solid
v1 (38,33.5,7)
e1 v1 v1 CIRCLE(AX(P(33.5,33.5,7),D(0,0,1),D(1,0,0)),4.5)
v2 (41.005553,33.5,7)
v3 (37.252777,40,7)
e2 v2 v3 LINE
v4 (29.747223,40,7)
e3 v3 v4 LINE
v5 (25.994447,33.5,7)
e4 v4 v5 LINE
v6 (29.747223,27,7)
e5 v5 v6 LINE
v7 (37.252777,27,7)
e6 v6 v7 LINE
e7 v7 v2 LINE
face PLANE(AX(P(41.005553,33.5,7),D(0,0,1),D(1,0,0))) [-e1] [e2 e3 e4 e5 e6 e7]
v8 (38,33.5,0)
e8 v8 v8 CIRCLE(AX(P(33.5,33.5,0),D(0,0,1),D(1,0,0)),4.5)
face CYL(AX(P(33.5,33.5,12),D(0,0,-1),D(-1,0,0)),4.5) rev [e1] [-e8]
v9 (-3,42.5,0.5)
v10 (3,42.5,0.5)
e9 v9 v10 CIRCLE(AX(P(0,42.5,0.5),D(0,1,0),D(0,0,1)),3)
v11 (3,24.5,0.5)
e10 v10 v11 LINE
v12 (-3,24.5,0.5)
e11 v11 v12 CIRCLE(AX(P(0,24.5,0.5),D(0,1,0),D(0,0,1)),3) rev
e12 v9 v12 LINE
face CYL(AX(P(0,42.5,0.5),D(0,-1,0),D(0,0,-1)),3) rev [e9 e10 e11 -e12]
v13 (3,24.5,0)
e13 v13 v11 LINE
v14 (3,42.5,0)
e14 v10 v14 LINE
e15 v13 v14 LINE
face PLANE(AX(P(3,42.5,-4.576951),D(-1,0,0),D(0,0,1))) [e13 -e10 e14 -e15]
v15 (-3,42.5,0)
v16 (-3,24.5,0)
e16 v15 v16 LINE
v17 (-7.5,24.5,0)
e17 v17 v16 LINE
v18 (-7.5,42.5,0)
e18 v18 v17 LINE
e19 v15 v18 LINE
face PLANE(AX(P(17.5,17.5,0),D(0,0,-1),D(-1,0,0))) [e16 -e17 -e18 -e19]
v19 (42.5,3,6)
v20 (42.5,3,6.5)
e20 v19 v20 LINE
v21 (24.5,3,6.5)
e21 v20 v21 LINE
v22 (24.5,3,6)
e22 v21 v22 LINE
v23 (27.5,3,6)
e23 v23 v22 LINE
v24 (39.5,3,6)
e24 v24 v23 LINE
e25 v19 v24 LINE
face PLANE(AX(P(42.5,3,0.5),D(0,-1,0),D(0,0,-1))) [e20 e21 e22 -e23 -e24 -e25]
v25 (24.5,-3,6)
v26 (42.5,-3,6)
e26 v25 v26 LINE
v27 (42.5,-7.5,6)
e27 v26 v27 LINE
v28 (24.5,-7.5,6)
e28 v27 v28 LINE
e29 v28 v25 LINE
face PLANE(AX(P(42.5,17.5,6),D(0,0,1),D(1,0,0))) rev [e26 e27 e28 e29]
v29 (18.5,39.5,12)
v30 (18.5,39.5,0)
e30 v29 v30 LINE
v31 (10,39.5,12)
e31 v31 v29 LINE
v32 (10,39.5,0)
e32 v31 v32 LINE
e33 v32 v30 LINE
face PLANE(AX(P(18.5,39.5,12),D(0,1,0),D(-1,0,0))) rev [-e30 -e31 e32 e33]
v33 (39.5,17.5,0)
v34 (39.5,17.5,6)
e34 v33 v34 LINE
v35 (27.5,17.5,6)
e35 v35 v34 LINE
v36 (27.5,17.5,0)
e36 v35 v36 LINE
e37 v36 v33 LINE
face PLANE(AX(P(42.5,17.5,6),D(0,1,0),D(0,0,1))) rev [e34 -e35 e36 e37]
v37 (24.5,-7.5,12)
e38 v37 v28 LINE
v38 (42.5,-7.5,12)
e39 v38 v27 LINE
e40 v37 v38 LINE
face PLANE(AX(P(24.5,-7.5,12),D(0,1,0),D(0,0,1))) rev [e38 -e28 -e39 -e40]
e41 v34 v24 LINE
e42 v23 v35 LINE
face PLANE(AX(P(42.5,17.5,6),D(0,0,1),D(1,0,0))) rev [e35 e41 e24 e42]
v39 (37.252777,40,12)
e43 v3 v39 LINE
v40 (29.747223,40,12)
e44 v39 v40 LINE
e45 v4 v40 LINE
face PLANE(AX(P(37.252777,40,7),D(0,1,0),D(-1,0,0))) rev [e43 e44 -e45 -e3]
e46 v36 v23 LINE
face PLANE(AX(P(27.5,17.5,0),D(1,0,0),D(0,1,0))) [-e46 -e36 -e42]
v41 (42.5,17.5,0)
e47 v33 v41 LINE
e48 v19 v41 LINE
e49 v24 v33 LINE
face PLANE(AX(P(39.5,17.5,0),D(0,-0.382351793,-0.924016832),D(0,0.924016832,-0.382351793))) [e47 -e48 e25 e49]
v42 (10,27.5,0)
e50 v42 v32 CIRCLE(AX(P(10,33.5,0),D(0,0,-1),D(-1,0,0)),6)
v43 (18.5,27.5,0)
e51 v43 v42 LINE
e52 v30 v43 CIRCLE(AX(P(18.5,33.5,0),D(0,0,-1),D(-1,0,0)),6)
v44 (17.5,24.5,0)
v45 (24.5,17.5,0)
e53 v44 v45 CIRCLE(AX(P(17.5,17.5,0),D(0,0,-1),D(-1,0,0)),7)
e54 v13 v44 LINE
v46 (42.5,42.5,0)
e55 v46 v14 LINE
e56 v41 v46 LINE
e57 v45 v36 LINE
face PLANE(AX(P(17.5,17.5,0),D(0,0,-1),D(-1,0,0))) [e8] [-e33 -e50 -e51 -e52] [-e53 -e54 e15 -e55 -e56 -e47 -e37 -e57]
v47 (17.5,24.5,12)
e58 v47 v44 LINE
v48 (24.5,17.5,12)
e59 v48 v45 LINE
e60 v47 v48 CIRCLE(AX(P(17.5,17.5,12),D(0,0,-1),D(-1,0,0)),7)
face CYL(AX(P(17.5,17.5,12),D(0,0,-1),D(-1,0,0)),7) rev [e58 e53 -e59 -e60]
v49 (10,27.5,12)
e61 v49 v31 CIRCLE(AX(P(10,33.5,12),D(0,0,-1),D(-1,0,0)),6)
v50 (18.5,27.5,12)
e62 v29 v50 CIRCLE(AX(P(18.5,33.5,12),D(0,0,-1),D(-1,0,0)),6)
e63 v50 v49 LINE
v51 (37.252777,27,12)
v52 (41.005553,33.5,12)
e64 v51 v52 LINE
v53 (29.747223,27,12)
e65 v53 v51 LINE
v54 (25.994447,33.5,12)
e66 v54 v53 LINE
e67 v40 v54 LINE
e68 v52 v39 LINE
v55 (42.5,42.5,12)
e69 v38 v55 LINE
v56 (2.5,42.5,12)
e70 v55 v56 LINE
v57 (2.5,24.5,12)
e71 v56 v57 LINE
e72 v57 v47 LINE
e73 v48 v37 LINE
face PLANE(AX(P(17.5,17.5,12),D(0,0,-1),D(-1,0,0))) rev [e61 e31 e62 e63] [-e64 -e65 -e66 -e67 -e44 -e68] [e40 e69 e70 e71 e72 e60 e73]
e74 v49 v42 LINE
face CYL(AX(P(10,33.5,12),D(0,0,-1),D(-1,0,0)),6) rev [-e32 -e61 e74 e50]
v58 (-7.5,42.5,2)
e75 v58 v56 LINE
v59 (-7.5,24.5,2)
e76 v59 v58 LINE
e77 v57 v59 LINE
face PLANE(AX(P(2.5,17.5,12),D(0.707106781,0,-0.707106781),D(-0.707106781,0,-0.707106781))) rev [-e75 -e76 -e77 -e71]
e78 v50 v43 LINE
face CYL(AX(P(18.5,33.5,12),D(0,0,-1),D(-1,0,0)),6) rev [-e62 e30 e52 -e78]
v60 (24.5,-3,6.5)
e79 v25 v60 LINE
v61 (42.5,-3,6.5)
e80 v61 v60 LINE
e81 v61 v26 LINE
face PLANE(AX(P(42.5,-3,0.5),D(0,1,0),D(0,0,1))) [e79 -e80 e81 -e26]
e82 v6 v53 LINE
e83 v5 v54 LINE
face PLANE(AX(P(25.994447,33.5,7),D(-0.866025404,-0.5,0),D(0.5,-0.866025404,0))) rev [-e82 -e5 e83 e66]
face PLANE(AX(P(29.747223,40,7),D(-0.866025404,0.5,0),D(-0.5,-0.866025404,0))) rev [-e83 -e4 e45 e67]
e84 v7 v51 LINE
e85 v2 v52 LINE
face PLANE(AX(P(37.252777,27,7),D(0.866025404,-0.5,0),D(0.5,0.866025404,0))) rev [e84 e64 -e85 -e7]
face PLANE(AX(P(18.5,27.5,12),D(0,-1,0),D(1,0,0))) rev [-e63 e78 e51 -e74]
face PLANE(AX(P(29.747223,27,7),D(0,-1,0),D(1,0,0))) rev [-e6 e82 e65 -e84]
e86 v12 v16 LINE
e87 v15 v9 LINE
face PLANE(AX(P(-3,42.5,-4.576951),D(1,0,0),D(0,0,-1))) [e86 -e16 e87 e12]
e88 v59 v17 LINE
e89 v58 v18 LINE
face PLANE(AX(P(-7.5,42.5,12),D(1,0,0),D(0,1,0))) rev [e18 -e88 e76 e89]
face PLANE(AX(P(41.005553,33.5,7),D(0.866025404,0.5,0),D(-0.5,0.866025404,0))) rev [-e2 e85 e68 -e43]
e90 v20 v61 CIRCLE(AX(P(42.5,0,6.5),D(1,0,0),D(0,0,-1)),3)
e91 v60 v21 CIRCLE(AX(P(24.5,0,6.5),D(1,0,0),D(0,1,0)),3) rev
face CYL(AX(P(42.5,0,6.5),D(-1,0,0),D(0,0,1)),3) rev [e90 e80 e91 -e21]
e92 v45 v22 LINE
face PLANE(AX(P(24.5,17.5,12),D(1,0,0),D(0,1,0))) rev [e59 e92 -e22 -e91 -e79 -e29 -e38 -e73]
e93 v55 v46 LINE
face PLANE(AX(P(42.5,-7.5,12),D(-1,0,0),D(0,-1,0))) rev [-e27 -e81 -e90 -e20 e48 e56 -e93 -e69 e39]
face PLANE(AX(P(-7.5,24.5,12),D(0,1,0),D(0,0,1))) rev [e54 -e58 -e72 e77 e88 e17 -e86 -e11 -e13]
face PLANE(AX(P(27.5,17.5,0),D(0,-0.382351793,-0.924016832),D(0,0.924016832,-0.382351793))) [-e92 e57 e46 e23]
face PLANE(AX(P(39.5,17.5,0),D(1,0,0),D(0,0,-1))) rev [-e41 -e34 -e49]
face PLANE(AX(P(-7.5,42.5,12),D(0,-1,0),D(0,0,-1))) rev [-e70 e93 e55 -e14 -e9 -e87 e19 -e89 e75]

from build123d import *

# Parameters (mm, degrees)
SKIZZE2_R                       = 4.5
AUFSATZ_LINEAR_AUSTRAGEN1_DEPTH = 12
SCHNITT_LINEAR_AUSTRAGEN6_DEPTH = 5
SCHNITT_LINEAR_AUSTRAGEN1_DEPTH = 62.290292869
SCHNITT_LINEAR_AUSTRAGEN5_DEPTH = 62.290292869
SKIZZE6_W                       = 18
SKIZZE6_H                       = 25
SCHNITT_LINEAR_AUSTRAGEN7_DEPTH = 6
AUFSATZ_LINEAR_AUSTRAGEN2_DEPTH = 3
AUFSATZ_LINEAR_AUSTRAGEN3_DEPTH = 3
SCHNITT_LINEAR_AUSTRAGEN8_DEPTH = 62.290292869
FASE1_SIZE                      = 10


with BuildPart() as part:
    # Skizze2 → Aufsatz-Linear austragen1 (new body)
    with BuildSketch(Plane.XY):
        with BuildLine():
            Line((-7.5, 42.5), (-7.5, 24.5))
            Line((-7.5, 24.5), (17.5, 24.5))
            ThreePointArc((17.5, 24.5), (22.449747468, 22.449747468), (24.5, 17.5))
            Line((24.5, 17.5), (24.5, -7.5))
            Line((24.5, -7.5), (42.5, -7.5))
            Line((42.5, -7.5), (42.5, 42.5))
            Line((42.5, 42.5), (-7.5, 42.5))
        make_face()
        with Locations((33.5, 33.5)):
            Circle(SKIZZE2_R, mode=Mode.SUBTRACT)
    extrude(amount=AUFSATZ_LINEAR_AUSTRAGEN1_DEPTH)

    # Skizze5 → Schnitt-Linear austragen6 (cut)
    with BuildSketch(Plane.XY.offset(12)):
        Polygon((41.005553499, 33.5), (37.25277675, 40), (29.74722325, 40), (25.994446501, 33.5), (29.74722325, 27), (37.25277675, 27), align=None)
    extrude(amount=-SCHNITT_LINEAR_AUSTRAGEN6_DEPTH, mode=Mode.SUBTRACT)

    # Skizze3 → Schnitt-Linear austragen1 (cut, through all)
    with BuildSketch(Plane(origin=(0, 0, 0), x_dir=(1, 0, 0), z_dir=(0, 1, 0))):
        with BuildLine():
            Line((3, 4.576951254), (3, -0.5))
            ThreePointArc((3, -0.5), (0, -3.5), (-3, -0.5))
            Line((-3, -0.5), (-3, 4.576951254))
            ThreePointArc((-3, 4.576951254), (0, 7.576951254), (3, 4.576951254))
        make_face()
    extrude(amount=SCHNITT_LINEAR_AUSTRAGEN1_DEPTH, mode=Mode.SUBTRACT)

    # Skizze4 → Schnitt-Linear austragen5 (cut, through all)
    with BuildSketch(Plane(origin=(0, 0, 0), x_dir=(0, 0, -1), z_dir=(1, 0, 0))):
        with BuildLine():
            Line((-0.5, -3), (-6.5, -3))
            ThreePointArc((-6.5, -3), (-9.5, 0), (-6.5, 3))
            Line((-6.5, 3), (-0.5, 3))
            ThreePointArc((-0.5, 3), (2.5, 0), (-0.5, -3))
        make_face()
    extrude(amount=SCHNITT_LINEAR_AUSTRAGEN5_DEPTH, mode=Mode.SUBTRACT)

    # Skizze6 → Schnitt-Linear austragen7 (cut)
    with BuildSketch(Plane(origin=(0, 0, 0), x_dir=(-1, 0, 0), z_dir=(0, 0, -1))):
        with Locations((-33.5, 5)):
            Rectangle(SKIZZE6_W, SKIZZE6_H)
    extrude(amount=-SCHNITT_LINEAR_AUSTRAGEN7_DEPTH, mode=Mode.SUBTRACT)

    # Skizze7 → Aufsatz-Linear austragen2 (add)
    with BuildSketch(Plane(origin=(42.5, 0, 0), x_dir=(0, 0, -1), z_dir=(1, 0, 0))):
        Polygon((-6, 3), (-6, 17.5), (0, 17.5), align=None)
    extrude(amount=-AUFSATZ_LINEAR_AUSTRAGEN2_DEPTH)

    # Skizze8 → Aufsatz-Linear austragen3 (add)
    with BuildSketch(Plane.ZY.offset(-24.5)):
        Polygon((6, 3), (6, 17.5), (0, 17.5), align=None)
    extrude(amount=-AUFSATZ_LINEAR_AUSTRAGEN3_DEPTH)

    # Skizze9 → Schnitt-Linear austragen8 (cut, through all)
    with BuildSketch(Plane(origin=(0, 0, 0), x_dir=(-1, 0, 0), z_dir=(0, 0, -1))):
        with BuildLine():
            Line((-18.5, 39.5), (-10, 39.5))
            ThreePointArc((-10, 39.5), (-4, 33.5), (-10, 27.5))
            Line((-10, 27.5), (-18.5, 27.5))
            ThreePointArc((-18.5, 27.5), (-24.5, 33.5), (-18.5, 39.5))
        make_face()
    extrude(amount=-SCHNITT_LINEAR_AUSTRAGEN8_DEPTH, mode=Mode.SUBTRACT)

    # Fase1
    fase1_edges = [part.edges().sort_by_distance(p)[0] for p in [
        (-7.5, 33.5, 12),
    ]]
    chamfer(fase1_edges, length=FASE1_SIZE)


solid = part.part
